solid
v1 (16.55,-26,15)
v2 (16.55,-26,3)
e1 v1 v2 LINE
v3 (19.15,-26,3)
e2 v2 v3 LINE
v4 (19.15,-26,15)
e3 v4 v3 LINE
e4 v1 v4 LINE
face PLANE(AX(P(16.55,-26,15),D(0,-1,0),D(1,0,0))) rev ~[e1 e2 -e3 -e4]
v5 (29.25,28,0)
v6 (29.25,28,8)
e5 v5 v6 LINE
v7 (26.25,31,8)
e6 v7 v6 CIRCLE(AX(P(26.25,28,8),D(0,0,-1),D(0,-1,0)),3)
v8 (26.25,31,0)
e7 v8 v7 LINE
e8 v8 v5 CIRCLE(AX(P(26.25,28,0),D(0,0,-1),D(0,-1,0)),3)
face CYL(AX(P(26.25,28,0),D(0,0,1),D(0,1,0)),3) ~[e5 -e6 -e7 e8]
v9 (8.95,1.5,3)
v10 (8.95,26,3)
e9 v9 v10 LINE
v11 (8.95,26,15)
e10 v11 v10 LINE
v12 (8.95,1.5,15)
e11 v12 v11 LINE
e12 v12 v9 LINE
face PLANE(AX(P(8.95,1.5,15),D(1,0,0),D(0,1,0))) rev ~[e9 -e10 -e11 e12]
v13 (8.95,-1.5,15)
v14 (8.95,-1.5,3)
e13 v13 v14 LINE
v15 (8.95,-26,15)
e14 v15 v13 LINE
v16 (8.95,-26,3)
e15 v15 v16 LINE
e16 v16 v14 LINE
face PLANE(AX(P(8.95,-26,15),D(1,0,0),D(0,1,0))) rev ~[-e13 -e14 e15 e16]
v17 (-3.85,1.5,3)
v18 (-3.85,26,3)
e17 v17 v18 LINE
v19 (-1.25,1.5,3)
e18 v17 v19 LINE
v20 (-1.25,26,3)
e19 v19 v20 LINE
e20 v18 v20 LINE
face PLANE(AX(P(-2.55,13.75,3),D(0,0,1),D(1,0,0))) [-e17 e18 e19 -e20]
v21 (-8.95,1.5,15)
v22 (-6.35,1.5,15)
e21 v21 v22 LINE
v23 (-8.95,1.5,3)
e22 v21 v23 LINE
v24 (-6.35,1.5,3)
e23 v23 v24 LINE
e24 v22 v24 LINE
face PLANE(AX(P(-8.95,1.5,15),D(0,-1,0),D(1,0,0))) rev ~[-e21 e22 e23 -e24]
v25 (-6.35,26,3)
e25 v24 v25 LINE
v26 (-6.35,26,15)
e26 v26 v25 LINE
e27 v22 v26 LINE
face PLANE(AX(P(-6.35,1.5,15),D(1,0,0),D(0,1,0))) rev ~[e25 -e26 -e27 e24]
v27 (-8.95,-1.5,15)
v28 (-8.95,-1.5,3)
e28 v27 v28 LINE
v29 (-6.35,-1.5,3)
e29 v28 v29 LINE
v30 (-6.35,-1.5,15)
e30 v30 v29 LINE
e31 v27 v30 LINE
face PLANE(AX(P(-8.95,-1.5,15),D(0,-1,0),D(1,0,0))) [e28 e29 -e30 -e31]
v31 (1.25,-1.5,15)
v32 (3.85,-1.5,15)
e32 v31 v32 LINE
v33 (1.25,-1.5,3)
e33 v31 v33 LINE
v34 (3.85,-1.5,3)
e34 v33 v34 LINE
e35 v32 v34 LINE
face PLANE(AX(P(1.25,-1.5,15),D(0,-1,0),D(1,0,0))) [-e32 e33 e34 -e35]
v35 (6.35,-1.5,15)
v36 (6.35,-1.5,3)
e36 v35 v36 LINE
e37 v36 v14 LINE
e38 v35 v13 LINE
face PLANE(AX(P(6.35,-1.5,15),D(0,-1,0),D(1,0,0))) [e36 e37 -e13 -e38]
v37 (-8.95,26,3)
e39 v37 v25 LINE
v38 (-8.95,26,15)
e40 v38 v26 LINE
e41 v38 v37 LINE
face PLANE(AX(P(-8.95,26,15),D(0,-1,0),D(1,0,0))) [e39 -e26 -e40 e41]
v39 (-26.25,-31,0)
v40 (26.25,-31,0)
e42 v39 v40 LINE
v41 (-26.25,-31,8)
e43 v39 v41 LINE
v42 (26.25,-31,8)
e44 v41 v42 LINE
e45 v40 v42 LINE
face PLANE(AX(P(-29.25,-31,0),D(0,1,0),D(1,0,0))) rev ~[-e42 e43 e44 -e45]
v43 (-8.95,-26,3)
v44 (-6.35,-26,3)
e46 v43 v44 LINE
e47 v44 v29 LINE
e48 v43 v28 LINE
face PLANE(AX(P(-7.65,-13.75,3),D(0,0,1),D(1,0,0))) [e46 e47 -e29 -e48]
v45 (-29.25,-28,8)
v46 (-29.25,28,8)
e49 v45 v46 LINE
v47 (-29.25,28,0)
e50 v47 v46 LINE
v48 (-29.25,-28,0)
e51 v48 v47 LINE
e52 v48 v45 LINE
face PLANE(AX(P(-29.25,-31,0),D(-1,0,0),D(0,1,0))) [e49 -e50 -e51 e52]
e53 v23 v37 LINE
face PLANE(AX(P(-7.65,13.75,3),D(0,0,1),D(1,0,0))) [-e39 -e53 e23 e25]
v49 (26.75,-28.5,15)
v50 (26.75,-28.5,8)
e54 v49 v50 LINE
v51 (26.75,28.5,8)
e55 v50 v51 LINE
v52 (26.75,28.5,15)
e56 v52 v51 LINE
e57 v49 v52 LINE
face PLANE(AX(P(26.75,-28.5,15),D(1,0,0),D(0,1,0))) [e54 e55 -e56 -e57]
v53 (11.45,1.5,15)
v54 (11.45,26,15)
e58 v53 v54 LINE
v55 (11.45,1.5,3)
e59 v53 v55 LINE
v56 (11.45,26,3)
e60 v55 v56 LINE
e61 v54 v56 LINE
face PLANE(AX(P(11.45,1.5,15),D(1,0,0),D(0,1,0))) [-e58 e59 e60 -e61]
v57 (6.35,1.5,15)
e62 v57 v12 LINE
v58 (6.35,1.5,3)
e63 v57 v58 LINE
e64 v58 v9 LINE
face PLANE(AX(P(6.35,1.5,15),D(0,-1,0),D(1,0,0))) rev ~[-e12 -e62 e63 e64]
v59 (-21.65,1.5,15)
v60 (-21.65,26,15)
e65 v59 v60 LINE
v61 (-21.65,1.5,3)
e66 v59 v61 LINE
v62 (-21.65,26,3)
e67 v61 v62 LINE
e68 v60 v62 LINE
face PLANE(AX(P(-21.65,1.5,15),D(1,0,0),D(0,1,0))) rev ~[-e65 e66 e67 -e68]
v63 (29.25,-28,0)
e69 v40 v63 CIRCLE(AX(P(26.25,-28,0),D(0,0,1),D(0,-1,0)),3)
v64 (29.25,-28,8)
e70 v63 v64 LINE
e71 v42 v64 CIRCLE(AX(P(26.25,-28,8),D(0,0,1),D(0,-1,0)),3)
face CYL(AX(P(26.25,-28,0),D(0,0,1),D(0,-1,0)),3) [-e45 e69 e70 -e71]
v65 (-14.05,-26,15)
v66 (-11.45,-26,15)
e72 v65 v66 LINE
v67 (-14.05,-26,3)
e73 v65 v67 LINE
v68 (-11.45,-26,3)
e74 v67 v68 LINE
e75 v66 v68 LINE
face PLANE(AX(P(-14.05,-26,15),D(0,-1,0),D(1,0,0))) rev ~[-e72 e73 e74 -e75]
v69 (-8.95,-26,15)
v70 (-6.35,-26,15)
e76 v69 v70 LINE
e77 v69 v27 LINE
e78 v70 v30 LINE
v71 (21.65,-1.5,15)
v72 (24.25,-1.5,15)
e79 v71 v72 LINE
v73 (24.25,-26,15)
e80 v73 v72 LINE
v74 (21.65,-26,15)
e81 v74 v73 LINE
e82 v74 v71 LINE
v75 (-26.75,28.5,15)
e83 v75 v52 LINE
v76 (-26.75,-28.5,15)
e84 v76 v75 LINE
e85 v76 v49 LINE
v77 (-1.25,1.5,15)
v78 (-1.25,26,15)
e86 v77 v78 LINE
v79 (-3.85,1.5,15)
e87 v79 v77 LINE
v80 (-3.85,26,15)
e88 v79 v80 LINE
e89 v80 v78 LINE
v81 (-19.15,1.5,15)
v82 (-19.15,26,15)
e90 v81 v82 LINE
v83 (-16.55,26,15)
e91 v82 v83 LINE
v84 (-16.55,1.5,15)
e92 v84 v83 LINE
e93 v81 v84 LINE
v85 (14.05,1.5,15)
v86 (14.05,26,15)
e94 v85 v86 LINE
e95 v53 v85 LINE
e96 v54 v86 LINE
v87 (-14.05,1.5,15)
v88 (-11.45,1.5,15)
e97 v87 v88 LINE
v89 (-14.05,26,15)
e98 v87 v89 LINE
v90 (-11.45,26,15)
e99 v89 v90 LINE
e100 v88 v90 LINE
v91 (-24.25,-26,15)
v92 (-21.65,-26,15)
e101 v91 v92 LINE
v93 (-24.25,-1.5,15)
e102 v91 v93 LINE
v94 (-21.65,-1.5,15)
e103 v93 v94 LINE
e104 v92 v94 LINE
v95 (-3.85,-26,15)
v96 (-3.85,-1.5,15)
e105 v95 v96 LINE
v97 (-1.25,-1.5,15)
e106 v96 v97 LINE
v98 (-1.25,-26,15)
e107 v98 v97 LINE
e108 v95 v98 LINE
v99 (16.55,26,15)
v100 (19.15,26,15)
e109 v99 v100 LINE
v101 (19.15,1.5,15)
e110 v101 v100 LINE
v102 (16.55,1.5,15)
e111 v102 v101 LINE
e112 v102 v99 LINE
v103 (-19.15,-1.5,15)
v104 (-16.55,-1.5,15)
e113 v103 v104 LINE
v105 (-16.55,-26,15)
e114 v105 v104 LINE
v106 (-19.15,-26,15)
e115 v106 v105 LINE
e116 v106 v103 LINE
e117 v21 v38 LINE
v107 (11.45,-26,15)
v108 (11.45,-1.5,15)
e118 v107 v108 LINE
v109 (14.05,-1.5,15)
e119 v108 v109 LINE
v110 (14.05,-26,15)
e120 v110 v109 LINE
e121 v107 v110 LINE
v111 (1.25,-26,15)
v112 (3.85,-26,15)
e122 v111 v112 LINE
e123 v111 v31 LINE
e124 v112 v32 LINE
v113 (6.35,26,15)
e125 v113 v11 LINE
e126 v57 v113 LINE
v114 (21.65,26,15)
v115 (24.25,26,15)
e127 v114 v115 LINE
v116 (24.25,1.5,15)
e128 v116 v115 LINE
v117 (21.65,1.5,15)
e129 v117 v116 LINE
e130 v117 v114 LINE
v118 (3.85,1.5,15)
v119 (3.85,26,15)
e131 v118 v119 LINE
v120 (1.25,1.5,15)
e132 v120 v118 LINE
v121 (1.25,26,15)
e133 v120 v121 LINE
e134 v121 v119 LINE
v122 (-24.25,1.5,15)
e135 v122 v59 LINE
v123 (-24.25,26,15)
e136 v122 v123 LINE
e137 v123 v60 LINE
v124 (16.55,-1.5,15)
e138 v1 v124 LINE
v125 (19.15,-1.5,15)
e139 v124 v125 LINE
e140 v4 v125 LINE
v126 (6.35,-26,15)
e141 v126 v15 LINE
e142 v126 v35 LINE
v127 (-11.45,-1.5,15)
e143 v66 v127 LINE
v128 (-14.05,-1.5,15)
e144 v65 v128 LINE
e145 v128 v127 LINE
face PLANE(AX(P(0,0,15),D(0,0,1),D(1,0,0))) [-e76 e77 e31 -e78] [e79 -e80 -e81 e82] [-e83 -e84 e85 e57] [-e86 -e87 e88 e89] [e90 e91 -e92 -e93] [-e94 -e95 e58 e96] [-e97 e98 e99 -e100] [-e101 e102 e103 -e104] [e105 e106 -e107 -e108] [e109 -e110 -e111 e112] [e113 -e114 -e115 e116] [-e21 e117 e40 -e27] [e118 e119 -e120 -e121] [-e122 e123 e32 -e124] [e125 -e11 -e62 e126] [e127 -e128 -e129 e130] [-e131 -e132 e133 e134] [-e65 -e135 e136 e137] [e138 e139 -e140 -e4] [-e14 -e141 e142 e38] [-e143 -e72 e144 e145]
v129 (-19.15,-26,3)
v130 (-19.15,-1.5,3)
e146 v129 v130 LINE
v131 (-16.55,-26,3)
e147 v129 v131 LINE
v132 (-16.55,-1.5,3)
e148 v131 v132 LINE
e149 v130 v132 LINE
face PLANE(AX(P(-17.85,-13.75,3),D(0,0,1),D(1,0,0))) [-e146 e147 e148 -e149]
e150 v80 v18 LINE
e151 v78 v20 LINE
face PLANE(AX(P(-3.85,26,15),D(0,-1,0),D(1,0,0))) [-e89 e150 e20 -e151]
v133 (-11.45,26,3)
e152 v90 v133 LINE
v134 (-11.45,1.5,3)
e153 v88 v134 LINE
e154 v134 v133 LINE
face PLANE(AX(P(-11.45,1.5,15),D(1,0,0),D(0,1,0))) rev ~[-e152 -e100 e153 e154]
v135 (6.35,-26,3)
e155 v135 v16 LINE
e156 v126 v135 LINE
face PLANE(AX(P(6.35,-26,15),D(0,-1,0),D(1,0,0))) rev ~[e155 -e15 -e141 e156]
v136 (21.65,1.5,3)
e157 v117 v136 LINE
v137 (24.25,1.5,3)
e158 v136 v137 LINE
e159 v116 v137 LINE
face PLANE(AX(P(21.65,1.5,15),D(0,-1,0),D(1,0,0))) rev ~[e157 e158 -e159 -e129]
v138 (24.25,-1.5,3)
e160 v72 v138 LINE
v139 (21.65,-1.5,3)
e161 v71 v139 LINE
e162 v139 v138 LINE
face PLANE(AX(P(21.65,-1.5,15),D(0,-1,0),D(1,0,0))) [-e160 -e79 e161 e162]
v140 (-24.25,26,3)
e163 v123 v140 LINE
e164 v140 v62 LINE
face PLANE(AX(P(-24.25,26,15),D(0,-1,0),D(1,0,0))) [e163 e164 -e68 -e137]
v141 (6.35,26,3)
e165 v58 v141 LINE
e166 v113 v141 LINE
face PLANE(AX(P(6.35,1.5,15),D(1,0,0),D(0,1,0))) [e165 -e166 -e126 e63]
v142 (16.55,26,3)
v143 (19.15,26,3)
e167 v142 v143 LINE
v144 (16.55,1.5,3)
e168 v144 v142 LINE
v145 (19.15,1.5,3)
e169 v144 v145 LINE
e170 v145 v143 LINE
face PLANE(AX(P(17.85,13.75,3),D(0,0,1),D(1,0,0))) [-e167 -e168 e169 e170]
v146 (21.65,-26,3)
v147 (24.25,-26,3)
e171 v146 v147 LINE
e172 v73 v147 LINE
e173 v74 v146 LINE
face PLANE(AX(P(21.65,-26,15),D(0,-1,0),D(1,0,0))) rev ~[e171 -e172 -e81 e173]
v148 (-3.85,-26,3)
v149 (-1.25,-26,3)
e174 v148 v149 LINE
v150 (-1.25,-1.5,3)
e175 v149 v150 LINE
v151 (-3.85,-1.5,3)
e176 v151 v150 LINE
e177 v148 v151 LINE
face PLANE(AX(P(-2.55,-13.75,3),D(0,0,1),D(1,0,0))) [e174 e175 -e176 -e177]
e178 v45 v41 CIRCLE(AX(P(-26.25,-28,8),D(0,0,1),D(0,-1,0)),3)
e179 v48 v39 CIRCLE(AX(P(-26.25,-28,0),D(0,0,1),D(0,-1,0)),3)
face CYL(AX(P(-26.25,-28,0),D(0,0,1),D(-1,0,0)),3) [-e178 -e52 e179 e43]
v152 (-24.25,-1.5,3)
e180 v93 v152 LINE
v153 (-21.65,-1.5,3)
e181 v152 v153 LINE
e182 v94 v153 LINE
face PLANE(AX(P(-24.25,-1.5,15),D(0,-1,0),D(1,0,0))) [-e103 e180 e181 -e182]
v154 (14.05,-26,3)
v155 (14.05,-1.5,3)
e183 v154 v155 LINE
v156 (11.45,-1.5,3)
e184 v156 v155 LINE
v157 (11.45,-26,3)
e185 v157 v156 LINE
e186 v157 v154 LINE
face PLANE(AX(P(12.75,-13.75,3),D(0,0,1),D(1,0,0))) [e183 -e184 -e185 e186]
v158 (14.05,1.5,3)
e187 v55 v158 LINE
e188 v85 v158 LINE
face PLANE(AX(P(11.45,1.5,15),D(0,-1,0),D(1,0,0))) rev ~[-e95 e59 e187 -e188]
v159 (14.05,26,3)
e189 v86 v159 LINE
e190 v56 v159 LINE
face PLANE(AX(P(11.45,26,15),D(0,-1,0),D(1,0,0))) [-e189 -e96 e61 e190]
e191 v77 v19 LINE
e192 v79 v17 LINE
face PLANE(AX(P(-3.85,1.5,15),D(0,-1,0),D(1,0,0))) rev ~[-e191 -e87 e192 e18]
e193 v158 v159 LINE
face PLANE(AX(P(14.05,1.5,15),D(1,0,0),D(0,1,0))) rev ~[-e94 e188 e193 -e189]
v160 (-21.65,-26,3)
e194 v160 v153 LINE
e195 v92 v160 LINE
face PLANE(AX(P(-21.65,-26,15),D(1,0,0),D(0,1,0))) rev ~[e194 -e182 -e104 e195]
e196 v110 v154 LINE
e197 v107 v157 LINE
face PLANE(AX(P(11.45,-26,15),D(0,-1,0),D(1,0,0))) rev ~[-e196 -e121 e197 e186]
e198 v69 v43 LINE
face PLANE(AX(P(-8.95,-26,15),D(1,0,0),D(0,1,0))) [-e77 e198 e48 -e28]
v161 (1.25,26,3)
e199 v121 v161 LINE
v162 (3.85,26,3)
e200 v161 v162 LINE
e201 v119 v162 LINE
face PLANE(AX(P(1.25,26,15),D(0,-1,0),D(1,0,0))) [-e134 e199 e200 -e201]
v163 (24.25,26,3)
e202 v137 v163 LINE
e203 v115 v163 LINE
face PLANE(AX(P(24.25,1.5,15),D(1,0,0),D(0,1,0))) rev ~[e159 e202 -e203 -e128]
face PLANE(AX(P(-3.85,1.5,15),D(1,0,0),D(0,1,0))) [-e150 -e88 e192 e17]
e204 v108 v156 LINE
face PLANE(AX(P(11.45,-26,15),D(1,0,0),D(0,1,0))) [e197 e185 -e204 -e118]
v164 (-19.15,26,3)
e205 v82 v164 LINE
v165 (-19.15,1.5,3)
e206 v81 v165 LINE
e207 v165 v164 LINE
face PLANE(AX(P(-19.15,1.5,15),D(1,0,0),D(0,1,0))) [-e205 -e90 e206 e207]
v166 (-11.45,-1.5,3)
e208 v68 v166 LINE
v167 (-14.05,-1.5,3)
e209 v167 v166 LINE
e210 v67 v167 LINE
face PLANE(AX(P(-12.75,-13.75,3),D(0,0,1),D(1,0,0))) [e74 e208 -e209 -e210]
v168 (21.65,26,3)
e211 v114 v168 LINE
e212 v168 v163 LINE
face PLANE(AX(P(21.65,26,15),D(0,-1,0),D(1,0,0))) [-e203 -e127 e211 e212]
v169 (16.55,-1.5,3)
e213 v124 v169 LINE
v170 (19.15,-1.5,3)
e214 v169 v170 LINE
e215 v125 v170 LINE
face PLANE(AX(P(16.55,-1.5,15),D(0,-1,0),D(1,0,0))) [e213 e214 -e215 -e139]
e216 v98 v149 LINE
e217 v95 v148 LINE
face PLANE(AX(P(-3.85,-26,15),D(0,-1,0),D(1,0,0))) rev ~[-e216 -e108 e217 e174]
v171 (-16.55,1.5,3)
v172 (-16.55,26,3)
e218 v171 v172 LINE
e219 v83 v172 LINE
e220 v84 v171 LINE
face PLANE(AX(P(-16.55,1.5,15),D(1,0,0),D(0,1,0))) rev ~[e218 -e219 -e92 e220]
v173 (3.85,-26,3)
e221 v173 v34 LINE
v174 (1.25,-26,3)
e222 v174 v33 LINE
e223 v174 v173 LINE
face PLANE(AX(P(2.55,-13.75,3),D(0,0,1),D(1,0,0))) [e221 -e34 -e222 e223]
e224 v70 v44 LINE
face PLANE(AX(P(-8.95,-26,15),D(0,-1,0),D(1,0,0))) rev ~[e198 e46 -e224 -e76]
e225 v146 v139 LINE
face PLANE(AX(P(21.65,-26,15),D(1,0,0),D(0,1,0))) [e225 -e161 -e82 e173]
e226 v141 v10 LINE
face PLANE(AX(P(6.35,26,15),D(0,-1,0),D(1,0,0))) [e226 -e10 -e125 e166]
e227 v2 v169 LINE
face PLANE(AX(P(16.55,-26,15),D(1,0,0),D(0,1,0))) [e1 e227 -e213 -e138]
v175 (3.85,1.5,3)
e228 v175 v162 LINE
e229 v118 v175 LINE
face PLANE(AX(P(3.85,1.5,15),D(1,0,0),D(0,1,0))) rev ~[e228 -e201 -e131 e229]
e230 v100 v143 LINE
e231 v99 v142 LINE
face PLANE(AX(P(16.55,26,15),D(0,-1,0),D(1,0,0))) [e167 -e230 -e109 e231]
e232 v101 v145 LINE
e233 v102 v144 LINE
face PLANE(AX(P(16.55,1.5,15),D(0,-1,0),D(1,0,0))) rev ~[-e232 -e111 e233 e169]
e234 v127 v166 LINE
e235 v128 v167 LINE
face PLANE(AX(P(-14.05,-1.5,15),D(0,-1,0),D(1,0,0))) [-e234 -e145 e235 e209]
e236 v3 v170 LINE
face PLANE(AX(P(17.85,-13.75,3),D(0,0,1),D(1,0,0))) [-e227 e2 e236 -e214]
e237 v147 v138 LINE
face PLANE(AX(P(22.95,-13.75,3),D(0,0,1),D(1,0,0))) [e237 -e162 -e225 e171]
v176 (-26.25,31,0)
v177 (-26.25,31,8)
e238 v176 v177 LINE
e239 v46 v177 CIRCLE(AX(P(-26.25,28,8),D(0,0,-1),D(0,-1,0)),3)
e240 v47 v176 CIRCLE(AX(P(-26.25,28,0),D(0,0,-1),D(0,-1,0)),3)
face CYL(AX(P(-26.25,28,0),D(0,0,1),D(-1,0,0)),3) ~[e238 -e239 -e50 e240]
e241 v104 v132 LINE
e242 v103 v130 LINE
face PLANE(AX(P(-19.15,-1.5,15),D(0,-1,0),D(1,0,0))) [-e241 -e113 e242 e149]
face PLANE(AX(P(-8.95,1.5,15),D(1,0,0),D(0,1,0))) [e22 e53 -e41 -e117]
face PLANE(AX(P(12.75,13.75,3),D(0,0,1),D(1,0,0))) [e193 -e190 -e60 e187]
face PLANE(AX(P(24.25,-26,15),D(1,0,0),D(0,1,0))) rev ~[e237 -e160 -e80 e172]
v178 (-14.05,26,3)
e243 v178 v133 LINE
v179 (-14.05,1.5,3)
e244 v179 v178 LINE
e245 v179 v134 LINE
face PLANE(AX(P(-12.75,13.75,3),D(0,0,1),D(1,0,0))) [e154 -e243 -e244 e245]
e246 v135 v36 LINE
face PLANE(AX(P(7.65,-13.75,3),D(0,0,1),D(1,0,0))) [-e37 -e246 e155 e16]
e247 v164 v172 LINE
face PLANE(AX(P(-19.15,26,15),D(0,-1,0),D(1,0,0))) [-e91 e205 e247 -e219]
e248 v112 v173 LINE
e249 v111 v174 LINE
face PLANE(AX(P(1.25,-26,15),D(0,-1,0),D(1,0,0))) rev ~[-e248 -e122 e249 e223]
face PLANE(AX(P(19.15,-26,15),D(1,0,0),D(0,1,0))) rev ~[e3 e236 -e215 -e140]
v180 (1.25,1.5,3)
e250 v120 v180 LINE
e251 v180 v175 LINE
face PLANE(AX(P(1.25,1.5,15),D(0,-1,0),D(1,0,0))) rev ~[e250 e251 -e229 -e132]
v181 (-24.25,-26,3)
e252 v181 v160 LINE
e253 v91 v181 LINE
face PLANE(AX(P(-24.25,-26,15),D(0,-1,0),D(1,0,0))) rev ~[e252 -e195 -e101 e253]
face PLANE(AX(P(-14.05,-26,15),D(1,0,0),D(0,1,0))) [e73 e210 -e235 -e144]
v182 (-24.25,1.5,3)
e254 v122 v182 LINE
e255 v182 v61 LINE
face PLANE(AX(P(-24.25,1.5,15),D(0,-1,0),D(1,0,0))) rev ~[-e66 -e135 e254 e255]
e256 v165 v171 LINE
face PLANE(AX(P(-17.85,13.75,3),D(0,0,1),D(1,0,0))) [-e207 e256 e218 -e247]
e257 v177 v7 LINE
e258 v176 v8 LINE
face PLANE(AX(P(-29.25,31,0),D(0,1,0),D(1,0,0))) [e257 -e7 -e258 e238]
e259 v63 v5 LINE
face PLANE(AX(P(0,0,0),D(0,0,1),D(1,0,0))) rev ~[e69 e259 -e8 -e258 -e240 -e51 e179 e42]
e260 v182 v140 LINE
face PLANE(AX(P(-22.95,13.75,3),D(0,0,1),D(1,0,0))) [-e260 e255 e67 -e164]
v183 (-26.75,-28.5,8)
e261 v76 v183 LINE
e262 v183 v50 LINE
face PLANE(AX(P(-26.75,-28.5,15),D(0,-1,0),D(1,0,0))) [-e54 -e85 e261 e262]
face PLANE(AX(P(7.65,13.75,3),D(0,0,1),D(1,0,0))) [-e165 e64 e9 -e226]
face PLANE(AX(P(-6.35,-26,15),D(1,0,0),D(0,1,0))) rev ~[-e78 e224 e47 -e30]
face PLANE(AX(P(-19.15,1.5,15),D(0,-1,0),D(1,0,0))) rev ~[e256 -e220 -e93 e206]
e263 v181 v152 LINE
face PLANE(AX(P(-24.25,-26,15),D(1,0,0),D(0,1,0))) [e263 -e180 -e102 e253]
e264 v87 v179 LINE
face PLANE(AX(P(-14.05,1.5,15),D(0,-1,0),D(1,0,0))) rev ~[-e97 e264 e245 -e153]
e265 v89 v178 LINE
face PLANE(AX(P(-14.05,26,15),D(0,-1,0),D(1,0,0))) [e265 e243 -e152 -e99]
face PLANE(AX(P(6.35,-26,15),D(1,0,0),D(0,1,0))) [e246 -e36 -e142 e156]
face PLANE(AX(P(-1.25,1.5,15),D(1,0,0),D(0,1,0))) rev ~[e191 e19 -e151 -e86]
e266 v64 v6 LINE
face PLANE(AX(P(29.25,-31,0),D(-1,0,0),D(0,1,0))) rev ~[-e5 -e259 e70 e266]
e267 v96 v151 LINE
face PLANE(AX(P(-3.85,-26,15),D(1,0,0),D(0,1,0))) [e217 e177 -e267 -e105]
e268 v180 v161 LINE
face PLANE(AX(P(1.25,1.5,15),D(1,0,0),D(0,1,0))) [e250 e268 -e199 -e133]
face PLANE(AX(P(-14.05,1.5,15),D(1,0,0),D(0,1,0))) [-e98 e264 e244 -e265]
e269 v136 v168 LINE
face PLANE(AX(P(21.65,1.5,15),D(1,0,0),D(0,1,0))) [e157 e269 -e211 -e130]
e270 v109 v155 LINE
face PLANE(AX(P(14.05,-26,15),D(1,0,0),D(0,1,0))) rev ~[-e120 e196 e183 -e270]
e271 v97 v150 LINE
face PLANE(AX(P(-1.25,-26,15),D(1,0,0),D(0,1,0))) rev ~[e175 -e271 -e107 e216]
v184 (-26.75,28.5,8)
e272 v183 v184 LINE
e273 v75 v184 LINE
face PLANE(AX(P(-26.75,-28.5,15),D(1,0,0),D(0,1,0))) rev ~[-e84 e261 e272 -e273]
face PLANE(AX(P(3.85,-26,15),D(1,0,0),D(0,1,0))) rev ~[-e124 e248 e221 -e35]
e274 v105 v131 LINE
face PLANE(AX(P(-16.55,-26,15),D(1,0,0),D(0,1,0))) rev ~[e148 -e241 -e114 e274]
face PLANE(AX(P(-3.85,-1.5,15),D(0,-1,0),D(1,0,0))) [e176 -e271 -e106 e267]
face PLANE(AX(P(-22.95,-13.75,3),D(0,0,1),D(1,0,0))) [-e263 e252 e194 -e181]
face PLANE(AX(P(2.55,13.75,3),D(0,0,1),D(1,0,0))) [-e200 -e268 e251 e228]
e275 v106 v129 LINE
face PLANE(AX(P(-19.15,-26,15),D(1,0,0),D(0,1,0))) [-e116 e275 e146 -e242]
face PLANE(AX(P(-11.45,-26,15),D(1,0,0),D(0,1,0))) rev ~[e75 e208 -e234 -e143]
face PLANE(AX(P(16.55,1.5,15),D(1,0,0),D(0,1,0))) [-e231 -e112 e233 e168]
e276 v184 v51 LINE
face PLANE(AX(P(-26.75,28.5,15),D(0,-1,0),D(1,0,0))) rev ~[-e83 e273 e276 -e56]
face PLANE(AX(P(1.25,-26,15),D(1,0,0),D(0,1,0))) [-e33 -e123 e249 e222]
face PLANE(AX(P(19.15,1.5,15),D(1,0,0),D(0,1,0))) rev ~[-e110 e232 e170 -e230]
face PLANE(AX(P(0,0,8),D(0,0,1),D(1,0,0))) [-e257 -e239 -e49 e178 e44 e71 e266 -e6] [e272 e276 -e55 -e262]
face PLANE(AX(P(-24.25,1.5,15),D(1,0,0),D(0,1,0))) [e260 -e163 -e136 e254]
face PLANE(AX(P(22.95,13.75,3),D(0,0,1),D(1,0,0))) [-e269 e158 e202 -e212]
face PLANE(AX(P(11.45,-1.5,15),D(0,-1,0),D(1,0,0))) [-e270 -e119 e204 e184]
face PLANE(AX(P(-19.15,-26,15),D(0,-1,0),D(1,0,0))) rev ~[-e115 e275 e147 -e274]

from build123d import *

# Parameters (mm, degrees)
SKETCH_1_W            = 58.5
SKETCH_1_H            = 62
EXTRUDE_1_DEPTH       = 15
SKETCH_2_W            = 58.5
SKETCH_2_H            = 62
SKETCH_2_W_2          = 53.5
SKETCH_2_H_2          = 57
CUT_EXTRUDE_1_DEPTH   = 7
SKETCH_3_W            = 2.6
SKETCH_3_H            = 24.5
CUT_EXTRUDE_1_2_DEPTH = 12
FILLET_1_R            = 3


with BuildPart() as part:
    # Эскиз1 → Бобышка-Вытянуть1 (new body)
    with BuildSketch(Plane.XY):
        Rectangle(SKETCH_1_W, SKETCH_1_H)
    extrude(amount=EXTRUDE_1_DEPTH)

    # Эскиз2 → Cut-Extrude 1 (cut)
    with BuildSketch(Plane.XY.offset(15)):
        Rectangle(SKETCH_2_W, SKETCH_2_H)
        Rectangle(SKETCH_2_W_2, SKETCH_2_H_2, mode=Mode.SUBTRACT)
    extrude(amount=-CUT_EXTRUDE_1_DEPTH, mode=Mode.SUBTRACT)

    # Эскиз3 → Cut-Extrude 1 2 (cut)
    with BuildSketch(Plane.XY.offset(15)):
        with Locations((2.55, 13.75)):
            Rectangle(SKETCH_3_W, SKETCH_3_H)
        with Locations((-2.55, 13.75)):
            Rectangle(SKETCH_3_W, SKETCH_3_H)
        with Locations((7.65, 13.75)):
            Rectangle(SKETCH_3_W, SKETCH_3_H)
        with Locations((12.75, 13.75)):
            Rectangle(SKETCH_3_W, SKETCH_3_H)
        with Locations((17.85, 13.75)):
            Rectangle(SKETCH_3_W, SKETCH_3_H)
        with Locations((22.95, 13.75)):
            Rectangle(SKETCH_3_W, SKETCH_3_H)
        with Locations((-7.65, 13.75)):
            Rectangle(SKETCH_3_W, SKETCH_3_H)
        with Locations((-12.75, 13.75)):
            Rectangle(SKETCH_3_W, SKETCH_3_H)
        with Locations((-17.85, 13.75)):
            Rectangle(SKETCH_3_W, SKETCH_3_H)
        with Locations((-22.95, 13.75)):
            Rectangle(SKETCH_3_W, SKETCH_3_H)
        with Locations((22.95, -13.75)):
            Rectangle(SKETCH_3_W, SKETCH_3_H)
        with Locations((17.85, -13.75)):
            Rectangle(SKETCH_3_W, SKETCH_3_H)
        with Locations((12.75, -13.75)):
            Rectangle(SKETCH_3_W, SKETCH_3_H)
        with Locations((7.65, -13.75)):
            Rectangle(SKETCH_3_W, SKETCH_3_H)
        with Locations((2.55, -13.75)):
            Rectangle(SKETCH_3_W, SKETCH_3_H)
        with Locations((-2.55, -13.75)):
            Rectangle(SKETCH_3_W, SKETCH_3_H)
        with Locations((-7.65, -13.75)):
            Rectangle(SKETCH_3_W, SKETCH_3_H)
        with Locations((-12.75, -13.75)):
            Rectangle(SKETCH_3_W, SKETCH_3_H)
        with Locations((-17.85, -13.75)):
            Rectangle(SKETCH_3_W, SKETCH_3_H)
        with Locations((-22.95, -13.75)):
            Rectangle(SKETCH_3_W, SKETCH_3_H)
    extrude(amount=-CUT_EXTRUDE_1_2_DEPTH, mode=Mode.SUBTRACT)

    # Скругление1
    fillet_1_edges = [part.edges().sort_by_distance(p)[0] for p in [
        (29.25, -31, 4),
        (-29.25, -31, 4),
        (-29.25, 31, 4),
        (29.25, 31, 4),
    ]]
    fillet(fillet_1_edges, radius=FILLET_1_R)


solid = part.part
